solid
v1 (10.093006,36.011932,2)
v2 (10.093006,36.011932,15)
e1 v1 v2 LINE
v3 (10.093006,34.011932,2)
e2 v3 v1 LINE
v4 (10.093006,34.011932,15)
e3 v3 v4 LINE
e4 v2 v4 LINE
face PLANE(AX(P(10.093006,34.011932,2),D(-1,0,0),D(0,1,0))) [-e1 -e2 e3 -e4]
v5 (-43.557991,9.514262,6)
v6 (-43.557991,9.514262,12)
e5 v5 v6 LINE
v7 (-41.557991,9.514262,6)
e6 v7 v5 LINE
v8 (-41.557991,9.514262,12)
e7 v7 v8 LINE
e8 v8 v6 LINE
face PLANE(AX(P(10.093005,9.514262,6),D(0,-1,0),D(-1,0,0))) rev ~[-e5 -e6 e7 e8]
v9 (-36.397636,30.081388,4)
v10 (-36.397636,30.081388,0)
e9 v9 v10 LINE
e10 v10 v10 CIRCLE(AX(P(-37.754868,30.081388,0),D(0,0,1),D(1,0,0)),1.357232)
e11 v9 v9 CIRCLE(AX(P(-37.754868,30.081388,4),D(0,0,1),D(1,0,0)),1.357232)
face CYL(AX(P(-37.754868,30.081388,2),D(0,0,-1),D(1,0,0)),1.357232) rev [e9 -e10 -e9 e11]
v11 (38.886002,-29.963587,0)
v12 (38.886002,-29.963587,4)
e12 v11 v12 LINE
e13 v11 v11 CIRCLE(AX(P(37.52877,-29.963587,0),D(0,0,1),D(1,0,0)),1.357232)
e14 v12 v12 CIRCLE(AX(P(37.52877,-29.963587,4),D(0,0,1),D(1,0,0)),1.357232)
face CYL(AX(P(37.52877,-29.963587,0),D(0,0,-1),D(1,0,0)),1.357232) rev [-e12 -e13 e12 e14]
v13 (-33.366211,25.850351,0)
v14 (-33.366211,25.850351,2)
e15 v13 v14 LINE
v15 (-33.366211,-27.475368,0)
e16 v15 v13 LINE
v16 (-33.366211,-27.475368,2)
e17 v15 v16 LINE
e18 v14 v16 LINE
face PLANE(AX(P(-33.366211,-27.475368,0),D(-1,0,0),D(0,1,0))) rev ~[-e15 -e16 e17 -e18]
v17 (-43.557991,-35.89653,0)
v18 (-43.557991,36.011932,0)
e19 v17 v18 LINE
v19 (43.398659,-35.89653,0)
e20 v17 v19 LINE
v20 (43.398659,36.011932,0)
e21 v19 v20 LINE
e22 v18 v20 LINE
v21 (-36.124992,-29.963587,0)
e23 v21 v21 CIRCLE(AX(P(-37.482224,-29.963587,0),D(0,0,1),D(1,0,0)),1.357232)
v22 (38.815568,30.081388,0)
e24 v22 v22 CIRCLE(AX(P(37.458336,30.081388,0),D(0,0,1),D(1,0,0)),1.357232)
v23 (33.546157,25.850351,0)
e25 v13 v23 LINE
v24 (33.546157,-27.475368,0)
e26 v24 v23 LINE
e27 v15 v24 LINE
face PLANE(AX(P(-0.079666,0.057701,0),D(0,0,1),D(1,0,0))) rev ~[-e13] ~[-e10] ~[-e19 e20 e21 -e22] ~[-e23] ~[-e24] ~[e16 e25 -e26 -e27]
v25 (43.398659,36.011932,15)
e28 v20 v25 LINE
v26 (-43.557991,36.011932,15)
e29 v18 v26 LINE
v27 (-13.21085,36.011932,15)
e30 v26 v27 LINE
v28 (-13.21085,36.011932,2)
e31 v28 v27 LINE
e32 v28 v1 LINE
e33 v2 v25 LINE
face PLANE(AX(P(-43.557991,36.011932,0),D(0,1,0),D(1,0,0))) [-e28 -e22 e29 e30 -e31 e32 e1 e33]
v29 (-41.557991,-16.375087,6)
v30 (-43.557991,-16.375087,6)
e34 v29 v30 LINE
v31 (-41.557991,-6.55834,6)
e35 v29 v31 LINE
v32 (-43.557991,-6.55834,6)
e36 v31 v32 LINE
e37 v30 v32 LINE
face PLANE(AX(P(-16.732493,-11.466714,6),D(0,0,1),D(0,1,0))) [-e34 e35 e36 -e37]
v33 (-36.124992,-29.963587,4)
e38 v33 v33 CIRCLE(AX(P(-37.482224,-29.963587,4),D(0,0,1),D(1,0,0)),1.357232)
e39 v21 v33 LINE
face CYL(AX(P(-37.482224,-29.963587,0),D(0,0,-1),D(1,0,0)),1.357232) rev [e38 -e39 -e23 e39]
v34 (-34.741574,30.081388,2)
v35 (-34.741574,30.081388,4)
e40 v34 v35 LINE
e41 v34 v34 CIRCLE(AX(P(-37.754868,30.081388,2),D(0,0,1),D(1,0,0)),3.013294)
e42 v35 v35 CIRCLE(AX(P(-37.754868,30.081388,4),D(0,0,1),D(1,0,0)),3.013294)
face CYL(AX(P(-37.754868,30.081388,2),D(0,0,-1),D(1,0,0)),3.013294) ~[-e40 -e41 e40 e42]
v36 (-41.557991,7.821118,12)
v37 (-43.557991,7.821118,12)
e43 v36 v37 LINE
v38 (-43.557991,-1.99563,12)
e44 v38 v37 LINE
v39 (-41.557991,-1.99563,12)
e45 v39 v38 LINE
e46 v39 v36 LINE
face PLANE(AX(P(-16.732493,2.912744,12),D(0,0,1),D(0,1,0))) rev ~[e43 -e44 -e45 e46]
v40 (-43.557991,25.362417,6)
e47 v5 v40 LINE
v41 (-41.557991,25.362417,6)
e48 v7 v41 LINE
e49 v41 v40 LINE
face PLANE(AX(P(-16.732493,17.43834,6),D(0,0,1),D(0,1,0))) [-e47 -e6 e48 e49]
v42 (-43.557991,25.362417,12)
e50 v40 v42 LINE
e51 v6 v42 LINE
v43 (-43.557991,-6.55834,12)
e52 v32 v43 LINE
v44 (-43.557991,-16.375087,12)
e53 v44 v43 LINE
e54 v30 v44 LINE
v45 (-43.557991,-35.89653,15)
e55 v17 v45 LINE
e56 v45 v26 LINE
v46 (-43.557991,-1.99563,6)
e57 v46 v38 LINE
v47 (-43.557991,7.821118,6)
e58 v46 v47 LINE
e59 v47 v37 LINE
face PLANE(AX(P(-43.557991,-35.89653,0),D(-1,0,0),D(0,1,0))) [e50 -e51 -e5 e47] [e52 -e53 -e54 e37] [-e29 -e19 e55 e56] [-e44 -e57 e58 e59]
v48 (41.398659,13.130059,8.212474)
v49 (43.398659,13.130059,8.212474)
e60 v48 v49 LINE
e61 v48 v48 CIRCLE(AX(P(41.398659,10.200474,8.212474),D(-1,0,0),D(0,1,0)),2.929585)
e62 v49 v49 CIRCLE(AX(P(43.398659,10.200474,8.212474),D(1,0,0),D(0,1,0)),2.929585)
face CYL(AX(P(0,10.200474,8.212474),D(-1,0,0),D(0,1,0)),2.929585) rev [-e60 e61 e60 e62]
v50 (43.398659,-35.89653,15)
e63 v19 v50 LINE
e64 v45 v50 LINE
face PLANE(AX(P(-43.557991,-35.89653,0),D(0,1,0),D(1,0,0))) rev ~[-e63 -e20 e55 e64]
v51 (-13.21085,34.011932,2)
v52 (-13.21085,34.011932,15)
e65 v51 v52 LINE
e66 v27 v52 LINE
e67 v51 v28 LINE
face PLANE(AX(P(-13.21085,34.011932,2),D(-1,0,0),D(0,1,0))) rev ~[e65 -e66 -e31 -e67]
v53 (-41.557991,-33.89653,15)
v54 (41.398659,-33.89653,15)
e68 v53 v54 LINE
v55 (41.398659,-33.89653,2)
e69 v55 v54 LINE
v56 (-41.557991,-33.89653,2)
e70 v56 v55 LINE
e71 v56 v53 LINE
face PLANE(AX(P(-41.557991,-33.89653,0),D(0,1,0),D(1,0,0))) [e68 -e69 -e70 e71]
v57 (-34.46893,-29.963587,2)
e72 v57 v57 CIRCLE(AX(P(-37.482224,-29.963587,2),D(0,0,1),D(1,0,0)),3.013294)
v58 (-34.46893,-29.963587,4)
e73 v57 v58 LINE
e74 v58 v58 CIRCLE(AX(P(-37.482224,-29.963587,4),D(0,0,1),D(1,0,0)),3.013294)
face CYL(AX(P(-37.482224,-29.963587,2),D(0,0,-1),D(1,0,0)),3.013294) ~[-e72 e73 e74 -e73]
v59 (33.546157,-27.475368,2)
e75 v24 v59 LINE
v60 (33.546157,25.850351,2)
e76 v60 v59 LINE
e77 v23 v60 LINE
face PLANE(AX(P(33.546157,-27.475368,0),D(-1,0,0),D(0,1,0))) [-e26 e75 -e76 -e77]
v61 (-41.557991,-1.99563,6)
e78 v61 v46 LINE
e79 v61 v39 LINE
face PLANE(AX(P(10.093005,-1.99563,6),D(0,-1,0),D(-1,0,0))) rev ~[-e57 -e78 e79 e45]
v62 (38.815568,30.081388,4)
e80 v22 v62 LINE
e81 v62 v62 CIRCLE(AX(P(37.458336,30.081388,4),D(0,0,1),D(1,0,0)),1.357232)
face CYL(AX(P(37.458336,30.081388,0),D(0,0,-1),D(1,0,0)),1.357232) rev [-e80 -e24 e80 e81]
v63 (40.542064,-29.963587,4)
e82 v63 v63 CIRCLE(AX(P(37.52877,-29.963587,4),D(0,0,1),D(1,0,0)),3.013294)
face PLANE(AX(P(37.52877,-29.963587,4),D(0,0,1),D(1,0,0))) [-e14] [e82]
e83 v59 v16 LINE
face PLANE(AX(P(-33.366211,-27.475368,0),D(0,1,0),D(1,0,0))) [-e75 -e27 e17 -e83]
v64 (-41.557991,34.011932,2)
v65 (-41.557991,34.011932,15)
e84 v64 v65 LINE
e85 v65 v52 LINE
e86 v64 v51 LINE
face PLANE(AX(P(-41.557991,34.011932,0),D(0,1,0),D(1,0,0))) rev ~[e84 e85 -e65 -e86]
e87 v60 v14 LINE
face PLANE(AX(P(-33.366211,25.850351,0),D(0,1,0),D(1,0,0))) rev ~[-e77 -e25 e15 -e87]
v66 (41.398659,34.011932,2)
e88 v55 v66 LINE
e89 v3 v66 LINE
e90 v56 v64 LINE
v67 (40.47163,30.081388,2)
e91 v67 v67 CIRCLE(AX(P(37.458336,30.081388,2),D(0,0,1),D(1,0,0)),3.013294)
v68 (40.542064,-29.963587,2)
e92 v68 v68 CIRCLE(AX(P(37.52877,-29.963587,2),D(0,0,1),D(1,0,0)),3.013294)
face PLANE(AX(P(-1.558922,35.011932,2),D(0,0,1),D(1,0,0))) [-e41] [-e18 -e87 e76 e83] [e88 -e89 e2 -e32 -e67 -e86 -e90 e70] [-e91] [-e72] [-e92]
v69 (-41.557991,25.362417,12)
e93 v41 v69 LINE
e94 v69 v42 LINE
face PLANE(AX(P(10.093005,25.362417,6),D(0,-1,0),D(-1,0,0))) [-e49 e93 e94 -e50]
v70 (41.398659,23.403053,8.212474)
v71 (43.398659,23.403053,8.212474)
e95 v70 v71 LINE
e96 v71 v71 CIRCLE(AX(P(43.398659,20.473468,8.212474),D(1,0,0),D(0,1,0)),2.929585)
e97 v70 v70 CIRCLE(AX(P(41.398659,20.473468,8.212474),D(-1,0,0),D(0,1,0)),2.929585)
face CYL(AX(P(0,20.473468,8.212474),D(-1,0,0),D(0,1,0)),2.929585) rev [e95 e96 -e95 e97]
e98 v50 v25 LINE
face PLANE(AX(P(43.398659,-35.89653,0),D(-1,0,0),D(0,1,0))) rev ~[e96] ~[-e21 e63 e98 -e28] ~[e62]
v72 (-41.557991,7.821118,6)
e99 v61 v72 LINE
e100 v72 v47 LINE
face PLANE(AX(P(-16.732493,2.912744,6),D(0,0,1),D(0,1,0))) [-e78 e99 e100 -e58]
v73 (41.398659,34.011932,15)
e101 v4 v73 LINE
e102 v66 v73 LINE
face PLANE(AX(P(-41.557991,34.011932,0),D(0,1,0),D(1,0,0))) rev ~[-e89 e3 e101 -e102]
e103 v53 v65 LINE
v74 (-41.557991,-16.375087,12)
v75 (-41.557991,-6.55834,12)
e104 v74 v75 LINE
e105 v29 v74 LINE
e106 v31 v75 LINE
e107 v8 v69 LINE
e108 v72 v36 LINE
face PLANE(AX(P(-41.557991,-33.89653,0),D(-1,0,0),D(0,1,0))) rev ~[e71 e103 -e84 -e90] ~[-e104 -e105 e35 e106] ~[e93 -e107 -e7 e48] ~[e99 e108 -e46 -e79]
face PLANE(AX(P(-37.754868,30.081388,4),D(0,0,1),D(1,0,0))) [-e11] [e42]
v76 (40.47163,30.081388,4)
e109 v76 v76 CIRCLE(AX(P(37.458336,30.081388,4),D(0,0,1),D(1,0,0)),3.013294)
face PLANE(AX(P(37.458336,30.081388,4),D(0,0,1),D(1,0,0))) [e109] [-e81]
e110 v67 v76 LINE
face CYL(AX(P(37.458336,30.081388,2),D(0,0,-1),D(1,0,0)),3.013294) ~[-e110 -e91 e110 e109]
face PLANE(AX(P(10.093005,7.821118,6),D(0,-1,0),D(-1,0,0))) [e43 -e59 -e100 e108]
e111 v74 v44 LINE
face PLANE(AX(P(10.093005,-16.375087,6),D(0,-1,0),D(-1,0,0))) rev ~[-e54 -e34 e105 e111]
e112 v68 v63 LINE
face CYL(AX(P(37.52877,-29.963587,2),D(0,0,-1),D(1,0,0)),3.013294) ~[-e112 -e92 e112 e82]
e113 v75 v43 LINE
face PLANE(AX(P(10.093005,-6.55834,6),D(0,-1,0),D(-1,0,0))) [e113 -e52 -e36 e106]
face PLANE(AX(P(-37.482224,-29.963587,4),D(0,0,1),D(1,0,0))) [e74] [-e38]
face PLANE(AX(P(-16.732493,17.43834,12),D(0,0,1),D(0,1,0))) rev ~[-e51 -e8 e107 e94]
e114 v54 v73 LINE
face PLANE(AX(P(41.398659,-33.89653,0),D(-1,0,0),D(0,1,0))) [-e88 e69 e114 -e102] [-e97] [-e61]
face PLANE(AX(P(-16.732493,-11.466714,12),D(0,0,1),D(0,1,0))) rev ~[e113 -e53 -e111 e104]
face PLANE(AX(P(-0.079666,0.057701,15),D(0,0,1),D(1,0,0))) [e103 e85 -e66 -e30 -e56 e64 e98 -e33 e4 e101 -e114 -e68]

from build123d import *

# Parameters (mm, degrees)
SKETCH_W        = 82.95665
SKETCH_H        = 67.908462
SKETCH_R        = 1.357232
PAD_DEPTH       = 2
SKETCH001_R     = 3.013294
SKETCH001_R_2   = 1.357232
PAD001_DEPTH    = 2
SKETCH002_W     = 86.95665
SKETCH002_H     = 71.908462
SKETCH002_W_2   = 82.95665
SKETCH002_H_2   = 67.908462
PAD002_DEPTH    = 15
SKETCH003_W     = 23.303855
SKETCH003_H     = 2
POCKET_DEPTH    = 15
SKETCH004_W     = 9.816747
SKETCH004_H     = 53.650996
SKETCH004_W_2   = 9.816748
SKETCH004_W_3   = 15.848155
POCKET001_DEPTH = 6
SKETCH006_R     = 2.929585
POCKET002_DEPTH = 43.398659
SKETCH007_W     = 66.912369
SKETCH007_H     = 53.325719
POCKET003_DEPTH = 5


with BuildPart() as part:
    # Sketch → Pad (new body)
    with BuildSketch(Plane.XY):
        with Locations((-0.079666, 0.057701)):
            Rectangle(SKETCH_W, SKETCH_H)
        with Locations((-37.482224, -29.963587)):
            Circle(SKETCH_R, mode=Mode.SUBTRACT)
        with Locations((37.52877, -29.963587)):
            Circle(SKETCH_R, mode=Mode.SUBTRACT)
        with Locations((-37.754868, 30.081388)):
            Circle(SKETCH_R, mode=Mode.SUBTRACT)
        with Locations((37.458336, 30.081388)):
            Circle(SKETCH_R, mode=Mode.SUBTRACT)
    extrude(amount=PAD_DEPTH)

    # Sketch001 (on DatumPlane) → Pad001 (join)
    with BuildSketch(Plane.XY.offset(2)):
        with Locations((-37.754868, 30.081388)):
            Circle(SKETCH001_R)
        with Locations((-37.754868, 30.081388)):
            Circle(SKETCH001_R_2, mode=Mode.SUBTRACT)
        with Locations((37.458336, 30.081388)):
            Circle(SKETCH001_R)
        with Locations((37.458336, 30.081388)):
            Circle(SKETCH001_R_2, mode=Mode.SUBTRACT)
        with Locations((37.52877, -29.963587)):
            Circle(SKETCH001_R)
        with Locations((37.52877, -29.963587)):
            Circle(SKETCH001_R_2, mode=Mode.SUBTRACT)
        with Locations((-37.482224, -29.963587)):
            Circle(SKETCH001_R)
        with Locations((-37.482224, -29.963587)):
            Circle(SKETCH001_R_2, mode=Mode.SUBTRACT)
    extrude(amount=PAD001_DEPTH)

    # Sketch002 → Pad002 (join)
    with BuildSketch(Plane.XY):
        with Locations((-0.079666, 0.057701)):
            Rectangle(SKETCH002_W, SKETCH002_H)
        with Locations((-0.079666, 0.057701)):
            Rectangle(SKETCH002_W_2, SKETCH002_H_2, mode=Mode.SUBTRACT)
    extrude(amount=PAD002_DEPTH)

    # Sketch003 (on DatumPlane) → Pocket (cut)
    with BuildSketch(Plane.XY.offset(2)):
        with Locations((-1.558922, 35.011932)):
            Rectangle(SKETCH003_W, SKETCH003_H)
    extrude(amount=POCKET_DEPTH, mode=Mode.SUBTRACT)

    # Sketch004 (on DatumPlane) → Pocket001 (cut)
    with BuildSketch(Plane(origin=(37.458336, 30.081388, 6), x_dir=(0, 1, 0), z_dir=(0, 0, 1))):
        with Locations((-41.548102, 54.190829)):
            Rectangle(SKETCH004_W, SKETCH004_H)
        with Locations((-27.168644, 54.190829)):
            Rectangle(SKETCH004_W_2, SKETCH004_H)
        with Locations((-12.643048, 54.190829)):
            Rectangle(SKETCH004_W_3, SKETCH004_H)
    extrude(amount=POCKET001_DEPTH, mode=Mode.SUBTRACT)

    # Sketch006 → Pocket002 (cut)
    with BuildSketch(Plane.YZ):
        with Locations((10.200474, 8.212474)):
            Circle(SKETCH006_R)
        with Locations((20.473468, 8.212474)):
            Circle(SKETCH006_R)
    extrude(amount=POCKET002_DEPTH, mode=Mode.SUBTRACT)

    # Sketch007 → Pocket003 (cut)
    with BuildSketch(Plane.XY):
        with Locations((0.089973, -0.812508)):
            Rectangle(SKETCH007_W, SKETCH007_H)
    extrude(amount=POCKET003_DEPTH, mode=Mode.SUBTRACT)


solid = part.part
